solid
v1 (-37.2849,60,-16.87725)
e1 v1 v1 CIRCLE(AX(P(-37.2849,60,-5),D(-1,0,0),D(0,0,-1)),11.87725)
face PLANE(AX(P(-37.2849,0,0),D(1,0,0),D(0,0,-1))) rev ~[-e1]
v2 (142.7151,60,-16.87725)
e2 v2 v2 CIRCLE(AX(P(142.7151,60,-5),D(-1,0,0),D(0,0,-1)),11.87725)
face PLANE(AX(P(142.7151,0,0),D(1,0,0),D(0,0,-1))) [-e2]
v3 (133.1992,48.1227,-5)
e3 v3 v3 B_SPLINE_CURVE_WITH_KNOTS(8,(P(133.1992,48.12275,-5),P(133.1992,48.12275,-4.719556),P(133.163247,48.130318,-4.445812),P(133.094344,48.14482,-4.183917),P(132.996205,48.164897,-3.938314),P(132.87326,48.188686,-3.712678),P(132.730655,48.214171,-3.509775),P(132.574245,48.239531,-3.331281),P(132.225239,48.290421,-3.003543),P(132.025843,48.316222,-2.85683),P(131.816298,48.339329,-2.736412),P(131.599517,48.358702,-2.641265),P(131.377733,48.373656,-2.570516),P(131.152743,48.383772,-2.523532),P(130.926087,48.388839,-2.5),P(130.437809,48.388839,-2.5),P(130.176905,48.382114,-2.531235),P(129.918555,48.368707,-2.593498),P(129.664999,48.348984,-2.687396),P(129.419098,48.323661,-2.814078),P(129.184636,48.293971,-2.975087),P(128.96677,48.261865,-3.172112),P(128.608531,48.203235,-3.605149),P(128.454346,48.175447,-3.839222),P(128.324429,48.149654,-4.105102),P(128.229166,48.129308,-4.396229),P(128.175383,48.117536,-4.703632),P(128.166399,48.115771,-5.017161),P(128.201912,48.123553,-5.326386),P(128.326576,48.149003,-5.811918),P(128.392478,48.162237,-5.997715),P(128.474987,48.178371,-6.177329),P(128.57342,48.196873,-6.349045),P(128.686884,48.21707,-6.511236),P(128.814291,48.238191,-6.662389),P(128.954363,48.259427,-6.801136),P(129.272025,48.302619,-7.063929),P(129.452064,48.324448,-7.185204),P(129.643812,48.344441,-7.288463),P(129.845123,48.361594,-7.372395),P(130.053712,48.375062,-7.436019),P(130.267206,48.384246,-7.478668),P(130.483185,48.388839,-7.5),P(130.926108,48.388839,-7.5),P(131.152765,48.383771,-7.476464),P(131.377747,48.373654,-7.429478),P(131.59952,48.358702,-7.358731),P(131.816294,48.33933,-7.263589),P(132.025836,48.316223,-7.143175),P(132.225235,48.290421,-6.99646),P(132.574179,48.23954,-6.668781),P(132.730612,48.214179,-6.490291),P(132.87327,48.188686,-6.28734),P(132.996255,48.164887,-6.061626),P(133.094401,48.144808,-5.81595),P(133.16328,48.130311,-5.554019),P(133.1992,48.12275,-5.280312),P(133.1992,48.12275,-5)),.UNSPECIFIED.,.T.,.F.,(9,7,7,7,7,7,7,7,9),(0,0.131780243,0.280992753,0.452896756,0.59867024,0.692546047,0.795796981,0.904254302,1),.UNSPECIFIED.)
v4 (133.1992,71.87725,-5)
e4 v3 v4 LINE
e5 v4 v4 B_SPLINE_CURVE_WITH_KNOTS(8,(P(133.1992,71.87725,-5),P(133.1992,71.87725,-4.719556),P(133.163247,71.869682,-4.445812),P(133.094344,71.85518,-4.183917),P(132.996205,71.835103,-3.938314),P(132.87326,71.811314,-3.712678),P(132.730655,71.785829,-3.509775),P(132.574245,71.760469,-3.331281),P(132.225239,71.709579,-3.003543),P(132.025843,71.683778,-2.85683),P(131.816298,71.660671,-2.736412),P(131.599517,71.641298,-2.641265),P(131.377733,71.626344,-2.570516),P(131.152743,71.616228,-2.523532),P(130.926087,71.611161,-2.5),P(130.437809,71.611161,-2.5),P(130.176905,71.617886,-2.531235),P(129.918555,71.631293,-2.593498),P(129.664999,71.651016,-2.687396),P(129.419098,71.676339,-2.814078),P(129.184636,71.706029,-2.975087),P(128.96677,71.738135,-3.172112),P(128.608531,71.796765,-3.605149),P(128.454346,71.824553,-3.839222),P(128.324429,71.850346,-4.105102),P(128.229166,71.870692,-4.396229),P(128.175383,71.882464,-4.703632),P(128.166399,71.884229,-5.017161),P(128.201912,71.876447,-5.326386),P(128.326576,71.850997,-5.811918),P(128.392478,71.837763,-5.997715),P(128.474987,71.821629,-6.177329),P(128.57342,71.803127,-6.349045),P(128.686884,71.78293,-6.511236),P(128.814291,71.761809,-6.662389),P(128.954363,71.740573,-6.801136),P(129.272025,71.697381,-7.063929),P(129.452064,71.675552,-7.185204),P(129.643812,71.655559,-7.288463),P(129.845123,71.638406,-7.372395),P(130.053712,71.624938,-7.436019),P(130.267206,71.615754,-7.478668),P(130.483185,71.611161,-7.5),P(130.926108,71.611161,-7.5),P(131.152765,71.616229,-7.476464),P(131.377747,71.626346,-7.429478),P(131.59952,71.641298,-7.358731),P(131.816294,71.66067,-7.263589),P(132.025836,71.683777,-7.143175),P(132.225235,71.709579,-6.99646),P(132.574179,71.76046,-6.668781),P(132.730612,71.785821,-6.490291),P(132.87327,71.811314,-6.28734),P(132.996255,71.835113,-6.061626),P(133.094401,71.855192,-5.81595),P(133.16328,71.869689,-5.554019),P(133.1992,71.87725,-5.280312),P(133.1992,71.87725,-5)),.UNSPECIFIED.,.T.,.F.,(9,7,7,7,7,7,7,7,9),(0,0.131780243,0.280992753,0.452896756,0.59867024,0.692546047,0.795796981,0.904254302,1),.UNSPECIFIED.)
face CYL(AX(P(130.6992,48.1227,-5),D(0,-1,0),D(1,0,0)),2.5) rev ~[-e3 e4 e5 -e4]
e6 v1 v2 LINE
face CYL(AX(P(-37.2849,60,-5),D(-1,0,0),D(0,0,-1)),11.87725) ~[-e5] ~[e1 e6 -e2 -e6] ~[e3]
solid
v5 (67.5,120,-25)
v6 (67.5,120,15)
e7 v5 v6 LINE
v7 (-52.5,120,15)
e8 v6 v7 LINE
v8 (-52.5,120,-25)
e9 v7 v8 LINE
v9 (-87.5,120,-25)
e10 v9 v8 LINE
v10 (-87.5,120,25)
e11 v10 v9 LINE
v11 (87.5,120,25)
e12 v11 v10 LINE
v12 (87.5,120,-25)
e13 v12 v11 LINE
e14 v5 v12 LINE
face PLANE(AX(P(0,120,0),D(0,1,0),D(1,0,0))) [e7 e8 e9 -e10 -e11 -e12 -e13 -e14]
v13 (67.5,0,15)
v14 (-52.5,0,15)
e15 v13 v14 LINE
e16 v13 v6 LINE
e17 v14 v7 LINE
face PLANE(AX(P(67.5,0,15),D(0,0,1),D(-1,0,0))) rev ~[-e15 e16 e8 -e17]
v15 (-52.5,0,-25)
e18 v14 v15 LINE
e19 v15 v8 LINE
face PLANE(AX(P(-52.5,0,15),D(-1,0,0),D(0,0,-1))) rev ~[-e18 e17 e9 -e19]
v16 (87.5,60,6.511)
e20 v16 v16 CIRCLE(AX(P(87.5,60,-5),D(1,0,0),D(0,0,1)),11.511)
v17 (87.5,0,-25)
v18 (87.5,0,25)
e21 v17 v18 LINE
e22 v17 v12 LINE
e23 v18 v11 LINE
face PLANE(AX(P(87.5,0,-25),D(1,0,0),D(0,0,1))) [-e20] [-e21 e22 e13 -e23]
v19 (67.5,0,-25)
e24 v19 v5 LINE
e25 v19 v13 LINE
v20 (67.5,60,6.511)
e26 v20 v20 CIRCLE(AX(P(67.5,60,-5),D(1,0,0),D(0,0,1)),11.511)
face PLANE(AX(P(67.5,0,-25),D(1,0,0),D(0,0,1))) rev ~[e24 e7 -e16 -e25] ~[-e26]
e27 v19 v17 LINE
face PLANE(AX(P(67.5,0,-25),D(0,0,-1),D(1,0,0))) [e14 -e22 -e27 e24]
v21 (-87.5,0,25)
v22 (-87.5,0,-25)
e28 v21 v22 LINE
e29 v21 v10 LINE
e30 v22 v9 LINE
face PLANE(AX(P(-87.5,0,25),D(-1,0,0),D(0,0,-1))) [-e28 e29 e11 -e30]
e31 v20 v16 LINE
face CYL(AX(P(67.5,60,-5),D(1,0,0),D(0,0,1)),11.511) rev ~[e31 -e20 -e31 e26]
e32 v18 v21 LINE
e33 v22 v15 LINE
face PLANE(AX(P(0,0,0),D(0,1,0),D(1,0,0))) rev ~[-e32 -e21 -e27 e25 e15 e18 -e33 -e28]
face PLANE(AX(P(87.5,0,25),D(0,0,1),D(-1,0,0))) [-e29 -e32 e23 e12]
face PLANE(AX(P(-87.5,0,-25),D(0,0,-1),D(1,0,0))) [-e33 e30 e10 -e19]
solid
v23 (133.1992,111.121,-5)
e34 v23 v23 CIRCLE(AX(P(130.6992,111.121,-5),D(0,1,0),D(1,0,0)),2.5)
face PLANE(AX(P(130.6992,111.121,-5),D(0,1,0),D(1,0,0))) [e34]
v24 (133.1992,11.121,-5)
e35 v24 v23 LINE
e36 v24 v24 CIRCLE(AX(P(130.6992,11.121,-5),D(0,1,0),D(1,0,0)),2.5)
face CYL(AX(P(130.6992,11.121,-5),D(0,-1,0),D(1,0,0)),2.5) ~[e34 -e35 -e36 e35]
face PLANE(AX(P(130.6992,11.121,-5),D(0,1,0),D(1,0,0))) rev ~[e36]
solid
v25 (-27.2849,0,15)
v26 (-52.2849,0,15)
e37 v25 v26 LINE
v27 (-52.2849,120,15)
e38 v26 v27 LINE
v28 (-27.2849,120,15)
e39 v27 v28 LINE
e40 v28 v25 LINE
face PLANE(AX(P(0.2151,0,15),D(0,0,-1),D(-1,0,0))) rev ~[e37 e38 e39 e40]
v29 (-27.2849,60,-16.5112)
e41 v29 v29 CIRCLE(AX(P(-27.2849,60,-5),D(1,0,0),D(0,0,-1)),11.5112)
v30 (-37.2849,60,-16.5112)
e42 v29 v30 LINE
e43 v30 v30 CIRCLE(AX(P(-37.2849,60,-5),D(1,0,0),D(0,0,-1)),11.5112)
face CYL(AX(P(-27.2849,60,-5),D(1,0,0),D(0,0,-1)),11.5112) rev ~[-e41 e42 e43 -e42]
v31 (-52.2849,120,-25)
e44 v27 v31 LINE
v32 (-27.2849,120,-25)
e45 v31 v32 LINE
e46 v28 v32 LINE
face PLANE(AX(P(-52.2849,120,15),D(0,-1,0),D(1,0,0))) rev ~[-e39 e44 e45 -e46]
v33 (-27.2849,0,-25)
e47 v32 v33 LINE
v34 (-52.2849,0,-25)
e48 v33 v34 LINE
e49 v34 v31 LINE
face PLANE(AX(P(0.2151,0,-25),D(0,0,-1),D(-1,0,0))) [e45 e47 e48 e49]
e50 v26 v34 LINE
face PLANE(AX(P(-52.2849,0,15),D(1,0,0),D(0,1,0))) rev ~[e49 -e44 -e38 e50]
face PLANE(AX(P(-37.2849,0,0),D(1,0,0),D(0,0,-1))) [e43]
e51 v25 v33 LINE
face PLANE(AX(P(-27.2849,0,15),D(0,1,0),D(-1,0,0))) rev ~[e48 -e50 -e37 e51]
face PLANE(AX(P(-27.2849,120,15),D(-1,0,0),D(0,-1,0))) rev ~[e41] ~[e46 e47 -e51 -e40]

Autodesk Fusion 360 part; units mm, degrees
sketch "Sketch1" plane through (0, 0, 0) normal (0, 1, 0) x (1, 0, 0) in component "ViceBody"
  line L0 (87.5, -25) -> (-87.5, -25)
  line L1 (-87.5, -25) -> (-87.5, 25)
  line L2 (87.5, 25) -> (87.5, -25)
  line L3 (67.5, 25) -> (67.5, -15)
  line L4 (67.5, -15) -> (-52.5, -15)
  line L5 (-52.5, -15) -> (-52.5, 25)
  line L6 (-87.5, 25) -> (-52.5, 25)
  line L7 (67.5, 25) -> (87.5, 25)
  dimension "d1" = 175
  dimension "d2" = 50
  dimension "d3" = 40
  dimension "d4" = 35
  dimension "d5" = 20
  dimension "d6" = 25
  dimension "d7" = 87.5
extrude "Extrude1" add sketch "Sketch1" along normal blind 120 makes body 1
sketch "Sketch1 (2)" plane through (0, 0, 15) normal (0, 0, -1) x (-1, 0, 0) in component "ViceSlide"
  line L0 (-67.5, 0) -> (52.5, 0)
  line L1 (52.5, 0) -> (52.5, 120)
  line L2 (52.5, 120) -> (-67.5, 120)
  line L3 (-67.5, 120) -> (-67.5, 0)
  line L4 (52.5, 120) -> (27.5, 120)
  line L5 (27.5, 120) -> (27.5, 0)
  line L6 (27.5, 0) -> (52.5, 0)
  line L7 (52.5, 0) -> (52.5, 120)
  point P0 (52.5, 120)
  dimension "d10" = 25
extrude "Extrude1'" add sketch "Sketch1 (2)" along normal blind 40 separate body contours L0 L1 L2 L4 L5 L6 L7 makes body 2 in component "ViceSlide"
sketch "Sketch1 (3)" plane through (67.5, 0, 0) normal (-1, 0, 0) x (0, 0, 1)
  line L0 (-25, 0) -> (15, 0)
  line L1 (15, 0) -> (15, 120)
  line L2 (15, 120) -> (-25, 120)
  line L3 (-25, 120) -> (-25, 0)
  point P0 (-5, 60)
  dimension "d13" = 20
  dimension "d14" = 60
hole "Hole1" at (67.5, 60, -5) direction (1, 0, 0) diameter 23.022 end up to surface (20 mm away) bodies 1
thread "Thread1" "ISO Metric profile 25.0 M25x2 6H"
sketch "Sketch2" plane through (-27.5, 0, 0) normal (1, 0, 0) x (0, 0, -1) in component "ViceSlide"
  line L0 (-15, 120) -> (-15, 0)
  line L1 (-15, 0) -> (25, 0)
  line L2 (25, 0) -> (25, 120)
  line L3 (25, 120) -> (-15, 120)
  circle A0 centre (5, 60) radius 11.5112
extrude "Extrude2" cut sketch "Sketch2" against normal blind 10 contours A0 bodies 2 in component "ViceSlide"
sketch "Sketch1 (4)" plane through (-27.5, 0, 0) normal (1, 0, 0) x (0, 0, -1) in component "Rod"
  circle A0 centre (5, 60) radius 11.5112
  line L0 (-15, 120) -> (-15, 0)
  line L1 (-15, 0) -> (25, 0)
  line L2 (25, 0) -> (25, 120)
  line L3 (25, 120) -> (-15, 120)
  circle A1 centre (5, 60) radius 11.5112
extrude "Extrude1''" add sketch "Sketch1 (4)" along normal blind 180 separate body contours A0 A1 makes body 3 in component "Rod"
thread "Thread1'" "ISO Metric profile 24.0 M24x3 4g6g" major diameter 23.7545 minor diameter 20.367 pitch 3 angle 60 resizes the face on face at (92.5, 59.4262, -16.4969) from (-22.5, 60, -5) to (127.5, 60, -5) on bodies 3 in component "Rod"
ref_plane "WorkPlane1" through (140.4841, 48.1227, -5) normal (0, -1, 0) x (0, 0, 1) in component "Rod"
sketch "Sketch2 (2)" plane through (140.4841, 48.1227, -5) normal (0, -1, 0) x (1, 0, 0) in component "Rod"
  circle A0 centre (0, 0) radius 2.5
  dimension "d25" = 5
extrude "Extrude2'" cut sketch "Sketch2 (2)" against normal blind 24 bodies 3 in component "Rod"
sketch "Sketch1 (5)" plane through (0, 0, 0) normal (0, 1, 0) x (1, 0, 0) in component "Pin"
  circle A0 centre (0, 0) radius 2.5
  dimension "d28" = 5
extrude "Extrude1'''" add sketch "Sketch1 (5)" along normal blind 100 separate body makes body 4 in component "Pin"
copy_body "CutPasteBodies1" bodies 1 removing the originals makes body 5 in component "ViceBody"
component "ViceBody" placed x (1, 0, 0) y (0, 1, 0) z (0, 0, 1) at (0, 0, 0)
component "ViceSlide" placed x (1, 0, 0) y (0, 1, 0) z (0, 0, 1) at (0.2151, 0, 0)
component "Rod" placed x (1, 0, 0) y (0, 1, 0) z (0, 0, 1) at (-9.7849, 0, 0)
component "Pin" placed x (1, 0, 0) y (0, 1, 0) z (0, 0, 1) at (130.6992, 11.121, -5)
